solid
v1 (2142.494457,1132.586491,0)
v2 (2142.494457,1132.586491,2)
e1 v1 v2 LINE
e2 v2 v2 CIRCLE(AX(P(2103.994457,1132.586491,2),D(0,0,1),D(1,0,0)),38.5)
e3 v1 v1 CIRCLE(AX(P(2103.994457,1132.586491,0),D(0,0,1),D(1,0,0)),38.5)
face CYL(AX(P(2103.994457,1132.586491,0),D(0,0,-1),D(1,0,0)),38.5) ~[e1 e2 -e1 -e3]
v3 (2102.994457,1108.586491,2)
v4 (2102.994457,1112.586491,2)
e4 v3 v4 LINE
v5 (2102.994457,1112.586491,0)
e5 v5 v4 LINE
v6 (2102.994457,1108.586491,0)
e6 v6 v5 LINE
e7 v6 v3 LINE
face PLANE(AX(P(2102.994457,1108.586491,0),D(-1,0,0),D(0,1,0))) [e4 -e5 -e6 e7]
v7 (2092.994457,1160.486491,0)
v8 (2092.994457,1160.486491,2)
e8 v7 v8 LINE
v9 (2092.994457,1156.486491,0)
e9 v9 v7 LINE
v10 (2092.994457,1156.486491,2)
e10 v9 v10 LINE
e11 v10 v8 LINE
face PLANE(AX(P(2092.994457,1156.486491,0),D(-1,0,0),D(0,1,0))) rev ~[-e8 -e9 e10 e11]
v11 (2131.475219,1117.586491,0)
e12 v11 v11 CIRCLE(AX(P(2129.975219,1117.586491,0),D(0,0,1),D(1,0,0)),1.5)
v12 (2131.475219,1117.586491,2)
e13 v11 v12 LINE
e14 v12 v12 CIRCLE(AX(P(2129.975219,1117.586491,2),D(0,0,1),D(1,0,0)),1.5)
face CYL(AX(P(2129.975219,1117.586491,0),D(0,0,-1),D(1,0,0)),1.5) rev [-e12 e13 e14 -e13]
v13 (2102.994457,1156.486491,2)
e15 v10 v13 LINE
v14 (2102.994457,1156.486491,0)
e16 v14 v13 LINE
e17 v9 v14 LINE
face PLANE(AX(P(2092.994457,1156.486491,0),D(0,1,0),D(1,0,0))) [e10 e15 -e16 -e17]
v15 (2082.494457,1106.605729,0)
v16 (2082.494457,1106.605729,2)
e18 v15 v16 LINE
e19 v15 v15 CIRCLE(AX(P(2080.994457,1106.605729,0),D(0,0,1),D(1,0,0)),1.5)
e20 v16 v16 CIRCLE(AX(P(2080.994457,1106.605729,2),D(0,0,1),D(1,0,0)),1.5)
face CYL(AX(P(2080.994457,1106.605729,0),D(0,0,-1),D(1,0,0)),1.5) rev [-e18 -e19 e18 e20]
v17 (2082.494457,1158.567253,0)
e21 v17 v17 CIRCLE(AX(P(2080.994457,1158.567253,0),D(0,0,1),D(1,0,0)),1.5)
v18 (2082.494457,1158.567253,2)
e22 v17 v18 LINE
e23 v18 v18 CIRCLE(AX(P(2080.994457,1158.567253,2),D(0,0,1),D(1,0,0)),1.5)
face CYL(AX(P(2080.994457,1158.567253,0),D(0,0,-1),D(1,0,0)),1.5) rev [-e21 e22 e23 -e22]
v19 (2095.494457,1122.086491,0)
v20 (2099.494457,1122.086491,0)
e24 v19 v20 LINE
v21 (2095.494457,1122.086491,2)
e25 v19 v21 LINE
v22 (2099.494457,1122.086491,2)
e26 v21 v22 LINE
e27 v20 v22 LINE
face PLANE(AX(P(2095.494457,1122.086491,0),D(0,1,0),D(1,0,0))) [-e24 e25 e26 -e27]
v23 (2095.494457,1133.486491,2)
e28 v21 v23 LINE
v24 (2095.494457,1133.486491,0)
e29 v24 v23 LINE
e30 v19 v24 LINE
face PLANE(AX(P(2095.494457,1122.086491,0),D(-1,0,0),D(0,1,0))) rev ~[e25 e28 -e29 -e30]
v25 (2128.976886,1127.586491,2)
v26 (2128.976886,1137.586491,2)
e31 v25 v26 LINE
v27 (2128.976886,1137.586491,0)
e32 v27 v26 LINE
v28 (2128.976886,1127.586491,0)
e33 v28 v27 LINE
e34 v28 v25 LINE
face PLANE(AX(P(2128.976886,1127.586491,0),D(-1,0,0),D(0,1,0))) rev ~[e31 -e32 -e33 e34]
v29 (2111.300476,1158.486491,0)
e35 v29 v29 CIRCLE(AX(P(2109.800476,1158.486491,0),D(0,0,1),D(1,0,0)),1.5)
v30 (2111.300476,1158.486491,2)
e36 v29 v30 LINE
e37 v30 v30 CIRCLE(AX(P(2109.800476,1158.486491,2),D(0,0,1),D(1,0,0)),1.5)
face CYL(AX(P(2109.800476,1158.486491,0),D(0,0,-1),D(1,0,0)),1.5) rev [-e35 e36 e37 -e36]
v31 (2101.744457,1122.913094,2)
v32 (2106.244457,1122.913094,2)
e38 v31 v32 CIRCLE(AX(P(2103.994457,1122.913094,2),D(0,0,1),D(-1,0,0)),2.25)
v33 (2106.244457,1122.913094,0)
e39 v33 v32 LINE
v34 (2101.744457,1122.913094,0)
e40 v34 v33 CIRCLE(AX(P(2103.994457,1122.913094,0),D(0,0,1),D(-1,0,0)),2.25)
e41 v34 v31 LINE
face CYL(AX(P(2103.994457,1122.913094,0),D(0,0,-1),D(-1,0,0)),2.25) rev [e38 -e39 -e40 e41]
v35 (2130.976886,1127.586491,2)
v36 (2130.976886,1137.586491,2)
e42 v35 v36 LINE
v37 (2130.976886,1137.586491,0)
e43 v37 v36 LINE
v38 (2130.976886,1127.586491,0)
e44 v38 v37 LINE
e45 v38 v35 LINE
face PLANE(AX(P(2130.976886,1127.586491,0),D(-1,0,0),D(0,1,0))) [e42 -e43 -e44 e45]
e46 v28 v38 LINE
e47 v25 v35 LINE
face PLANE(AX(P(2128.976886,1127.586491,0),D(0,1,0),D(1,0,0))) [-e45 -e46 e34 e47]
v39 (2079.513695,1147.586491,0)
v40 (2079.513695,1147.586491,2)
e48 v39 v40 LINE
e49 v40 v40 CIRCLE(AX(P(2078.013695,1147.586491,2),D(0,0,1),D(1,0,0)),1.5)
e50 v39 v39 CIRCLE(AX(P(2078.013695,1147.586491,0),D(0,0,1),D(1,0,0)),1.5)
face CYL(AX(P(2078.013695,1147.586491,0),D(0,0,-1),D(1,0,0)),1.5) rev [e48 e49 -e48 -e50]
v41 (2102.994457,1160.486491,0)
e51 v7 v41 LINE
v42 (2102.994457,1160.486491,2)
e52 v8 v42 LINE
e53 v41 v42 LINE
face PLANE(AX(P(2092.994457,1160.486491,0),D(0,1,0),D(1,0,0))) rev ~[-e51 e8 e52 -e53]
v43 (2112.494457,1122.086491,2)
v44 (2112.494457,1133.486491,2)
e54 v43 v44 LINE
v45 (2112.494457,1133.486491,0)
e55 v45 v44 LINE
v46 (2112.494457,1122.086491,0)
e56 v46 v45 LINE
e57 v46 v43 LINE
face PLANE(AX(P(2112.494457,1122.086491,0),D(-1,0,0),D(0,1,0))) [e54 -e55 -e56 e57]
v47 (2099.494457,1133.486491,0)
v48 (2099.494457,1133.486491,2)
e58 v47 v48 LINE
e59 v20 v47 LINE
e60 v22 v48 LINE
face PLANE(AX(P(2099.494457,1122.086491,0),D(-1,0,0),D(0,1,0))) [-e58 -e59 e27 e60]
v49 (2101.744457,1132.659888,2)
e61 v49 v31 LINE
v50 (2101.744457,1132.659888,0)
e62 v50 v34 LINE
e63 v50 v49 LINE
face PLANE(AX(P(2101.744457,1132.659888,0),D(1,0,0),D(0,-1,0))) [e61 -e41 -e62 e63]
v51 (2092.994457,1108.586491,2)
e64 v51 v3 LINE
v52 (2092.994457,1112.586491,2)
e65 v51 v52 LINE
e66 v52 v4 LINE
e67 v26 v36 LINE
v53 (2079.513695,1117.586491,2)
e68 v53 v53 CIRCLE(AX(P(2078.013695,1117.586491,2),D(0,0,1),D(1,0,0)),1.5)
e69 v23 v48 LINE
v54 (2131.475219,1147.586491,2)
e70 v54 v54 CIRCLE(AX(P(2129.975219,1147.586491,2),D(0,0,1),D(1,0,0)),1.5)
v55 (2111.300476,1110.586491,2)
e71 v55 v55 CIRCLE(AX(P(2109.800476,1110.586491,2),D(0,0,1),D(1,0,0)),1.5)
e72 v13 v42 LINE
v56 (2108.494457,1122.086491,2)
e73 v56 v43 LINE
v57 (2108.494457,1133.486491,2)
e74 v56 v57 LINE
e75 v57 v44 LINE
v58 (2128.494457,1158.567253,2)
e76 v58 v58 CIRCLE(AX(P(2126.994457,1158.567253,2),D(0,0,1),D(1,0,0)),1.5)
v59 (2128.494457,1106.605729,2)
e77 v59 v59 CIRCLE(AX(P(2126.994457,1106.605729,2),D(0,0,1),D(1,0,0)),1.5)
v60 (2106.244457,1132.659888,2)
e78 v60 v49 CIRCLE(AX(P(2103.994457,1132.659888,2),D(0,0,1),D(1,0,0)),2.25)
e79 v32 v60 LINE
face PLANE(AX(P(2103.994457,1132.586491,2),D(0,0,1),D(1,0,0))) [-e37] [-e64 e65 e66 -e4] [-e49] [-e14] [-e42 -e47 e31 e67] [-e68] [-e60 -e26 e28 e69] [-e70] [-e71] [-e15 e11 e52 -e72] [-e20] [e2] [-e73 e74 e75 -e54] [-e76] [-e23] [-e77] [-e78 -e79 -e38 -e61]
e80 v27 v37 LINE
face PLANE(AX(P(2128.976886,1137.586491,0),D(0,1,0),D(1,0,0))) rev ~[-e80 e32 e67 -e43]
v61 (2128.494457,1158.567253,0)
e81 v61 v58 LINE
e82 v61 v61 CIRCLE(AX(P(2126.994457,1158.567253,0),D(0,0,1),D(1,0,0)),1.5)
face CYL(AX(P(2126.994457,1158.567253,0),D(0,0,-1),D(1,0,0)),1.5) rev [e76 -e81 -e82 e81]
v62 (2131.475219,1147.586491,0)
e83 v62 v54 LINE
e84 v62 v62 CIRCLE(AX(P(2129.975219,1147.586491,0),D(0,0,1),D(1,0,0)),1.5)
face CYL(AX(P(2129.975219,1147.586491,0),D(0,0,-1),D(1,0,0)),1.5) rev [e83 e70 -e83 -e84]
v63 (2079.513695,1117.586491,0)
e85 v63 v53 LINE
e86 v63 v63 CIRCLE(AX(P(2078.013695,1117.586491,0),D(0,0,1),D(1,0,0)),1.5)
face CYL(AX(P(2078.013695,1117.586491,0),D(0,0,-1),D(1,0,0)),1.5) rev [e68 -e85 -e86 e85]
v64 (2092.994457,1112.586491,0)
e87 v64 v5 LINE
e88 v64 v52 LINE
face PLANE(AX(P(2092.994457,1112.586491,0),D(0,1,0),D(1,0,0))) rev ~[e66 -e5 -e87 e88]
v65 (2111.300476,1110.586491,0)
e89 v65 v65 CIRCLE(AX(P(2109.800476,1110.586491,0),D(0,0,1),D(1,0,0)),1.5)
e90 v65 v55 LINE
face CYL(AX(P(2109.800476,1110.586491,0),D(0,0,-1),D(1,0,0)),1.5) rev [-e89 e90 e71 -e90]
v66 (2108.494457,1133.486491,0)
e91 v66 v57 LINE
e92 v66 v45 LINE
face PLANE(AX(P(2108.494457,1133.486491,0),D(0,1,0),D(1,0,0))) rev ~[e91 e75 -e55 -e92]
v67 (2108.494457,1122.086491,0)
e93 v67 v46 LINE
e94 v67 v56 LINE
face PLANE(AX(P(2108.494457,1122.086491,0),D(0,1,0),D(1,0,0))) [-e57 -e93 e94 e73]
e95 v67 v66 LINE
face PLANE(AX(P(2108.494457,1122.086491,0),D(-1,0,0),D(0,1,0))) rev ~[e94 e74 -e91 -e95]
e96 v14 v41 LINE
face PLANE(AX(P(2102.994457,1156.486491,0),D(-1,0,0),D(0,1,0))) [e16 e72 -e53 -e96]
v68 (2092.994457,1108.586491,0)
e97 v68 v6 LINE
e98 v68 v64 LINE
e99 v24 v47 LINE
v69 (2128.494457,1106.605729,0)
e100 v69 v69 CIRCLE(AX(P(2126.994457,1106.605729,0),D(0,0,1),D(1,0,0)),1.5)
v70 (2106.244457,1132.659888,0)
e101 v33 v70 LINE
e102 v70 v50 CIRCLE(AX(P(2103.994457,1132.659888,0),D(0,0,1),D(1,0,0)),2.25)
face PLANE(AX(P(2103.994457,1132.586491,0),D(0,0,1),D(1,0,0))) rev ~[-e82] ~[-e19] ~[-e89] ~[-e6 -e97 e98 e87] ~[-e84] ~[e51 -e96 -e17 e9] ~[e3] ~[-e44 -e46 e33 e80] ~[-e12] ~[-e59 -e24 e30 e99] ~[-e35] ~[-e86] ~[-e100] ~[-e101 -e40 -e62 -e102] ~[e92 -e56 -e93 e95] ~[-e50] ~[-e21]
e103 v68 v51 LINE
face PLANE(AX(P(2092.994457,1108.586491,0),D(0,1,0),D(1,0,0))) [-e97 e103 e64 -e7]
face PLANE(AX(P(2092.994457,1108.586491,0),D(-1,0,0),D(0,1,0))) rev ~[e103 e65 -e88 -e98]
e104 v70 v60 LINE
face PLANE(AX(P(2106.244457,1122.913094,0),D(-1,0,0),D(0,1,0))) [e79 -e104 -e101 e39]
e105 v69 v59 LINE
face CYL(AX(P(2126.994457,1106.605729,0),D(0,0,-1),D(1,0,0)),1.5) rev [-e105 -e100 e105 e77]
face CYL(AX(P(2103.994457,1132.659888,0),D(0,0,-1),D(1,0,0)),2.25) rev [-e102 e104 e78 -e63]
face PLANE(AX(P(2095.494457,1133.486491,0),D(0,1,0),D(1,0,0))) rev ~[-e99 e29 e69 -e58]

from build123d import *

# Parameters (mm, degrees)
MODEL_R             = 38.5
MODEL_R_2           = 1.5
MODEL_W             = 10
MODEL_H             = 4
MODEL_W_2           = 4
MODEL_H_2           = 11.4
MODEL_W_3           = 2
MODEL_H_3           = 10
BOSS_EXTRUDE1_DEPTH = 2


with BuildPart() as part:
    # Model → Boss-Extrude1 (new body)
    with BuildSketch(Plane.XY):
        with Locations((2103.994457195, 1132.586491316)):
            Circle(MODEL_R)
        with Locations((2078.013695082, 1147.586491316)):
            Circle(MODEL_R_2, mode=Mode.SUBTRACT)
        with Locations((2129.975219309, 1147.586491316)):
            Circle(MODEL_R_2, mode=Mode.SUBTRACT)
        with Locations((2129.975219309, 1117.586491316)):
            Circle(MODEL_R_2, mode=Mode.SUBTRACT)
        with Locations((2078.013695082, 1117.586491316)):
            Circle(MODEL_R_2, mode=Mode.SUBTRACT)
        with Locations((2109.800475531, 1158.486491316)):
            Circle(MODEL_R_2, mode=Mode.SUBTRACT)
        with Locations((2109.800475531, 1110.586491316)):
            Circle(MODEL_R_2, mode=Mode.SUBTRACT)
        with Locations((2080.994457195, 1106.605729203)):
            Circle(MODEL_R_2, mode=Mode.SUBTRACT)
        with Locations((2080.994457195, 1158.56725343)):
            Circle(MODEL_R_2, mode=Mode.SUBTRACT)
        with Locations((2126.994457195, 1106.605729203)):
            Circle(MODEL_R_2, mode=Mode.SUBTRACT)
        with Locations((2126.994457195, 1158.56725343)):
            Circle(MODEL_R_2, mode=Mode.SUBTRACT)
        with Locations((2097.994457195, 1158.486491316)):
            Rectangle(MODEL_W, MODEL_H, mode=Mode.SUBTRACT)
        with Locations((2097.994457195, 1110.586491316)):
            Rectangle(MODEL_W, MODEL_H, mode=Mode.SUBTRACT)
        with Locations((2097.494457195, 1127.786491316)):
            Rectangle(MODEL_W_2, MODEL_H_2, mode=Mode.SUBTRACT)
        with Locations((2110.494457195, 1127.786491316)):
            Rectangle(MODEL_W_2, MODEL_H_2, mode=Mode.SUBTRACT)
        with BuildLine():
            Line((2101.744457195, 1132.659888489), (2101.744457195, 1122.913094144))
            ThreePointArc((2101.744457195, 1122.913094144), (2103.994457195, 1120.663094144), (2106.244457195, 1122.913094144))
            Line((2106.244457195, 1122.913094144), (2106.244457195, 1132.659888489))
            ThreePointArc((2106.244457195, 1132.659888489), (2103.994457195, 1134.909888489), (2101.744457195, 1132.659888489))
        make_face(mode=Mode.SUBTRACT)
        with Locations((2129.976886457, 1132.586491316)):
            Rectangle(MODEL_W_3, MODEL_H_3, mode=Mode.SUBTRACT)
    extrude(amount=BOSS_EXTRUDE1_DEPTH)


solid = part.part
